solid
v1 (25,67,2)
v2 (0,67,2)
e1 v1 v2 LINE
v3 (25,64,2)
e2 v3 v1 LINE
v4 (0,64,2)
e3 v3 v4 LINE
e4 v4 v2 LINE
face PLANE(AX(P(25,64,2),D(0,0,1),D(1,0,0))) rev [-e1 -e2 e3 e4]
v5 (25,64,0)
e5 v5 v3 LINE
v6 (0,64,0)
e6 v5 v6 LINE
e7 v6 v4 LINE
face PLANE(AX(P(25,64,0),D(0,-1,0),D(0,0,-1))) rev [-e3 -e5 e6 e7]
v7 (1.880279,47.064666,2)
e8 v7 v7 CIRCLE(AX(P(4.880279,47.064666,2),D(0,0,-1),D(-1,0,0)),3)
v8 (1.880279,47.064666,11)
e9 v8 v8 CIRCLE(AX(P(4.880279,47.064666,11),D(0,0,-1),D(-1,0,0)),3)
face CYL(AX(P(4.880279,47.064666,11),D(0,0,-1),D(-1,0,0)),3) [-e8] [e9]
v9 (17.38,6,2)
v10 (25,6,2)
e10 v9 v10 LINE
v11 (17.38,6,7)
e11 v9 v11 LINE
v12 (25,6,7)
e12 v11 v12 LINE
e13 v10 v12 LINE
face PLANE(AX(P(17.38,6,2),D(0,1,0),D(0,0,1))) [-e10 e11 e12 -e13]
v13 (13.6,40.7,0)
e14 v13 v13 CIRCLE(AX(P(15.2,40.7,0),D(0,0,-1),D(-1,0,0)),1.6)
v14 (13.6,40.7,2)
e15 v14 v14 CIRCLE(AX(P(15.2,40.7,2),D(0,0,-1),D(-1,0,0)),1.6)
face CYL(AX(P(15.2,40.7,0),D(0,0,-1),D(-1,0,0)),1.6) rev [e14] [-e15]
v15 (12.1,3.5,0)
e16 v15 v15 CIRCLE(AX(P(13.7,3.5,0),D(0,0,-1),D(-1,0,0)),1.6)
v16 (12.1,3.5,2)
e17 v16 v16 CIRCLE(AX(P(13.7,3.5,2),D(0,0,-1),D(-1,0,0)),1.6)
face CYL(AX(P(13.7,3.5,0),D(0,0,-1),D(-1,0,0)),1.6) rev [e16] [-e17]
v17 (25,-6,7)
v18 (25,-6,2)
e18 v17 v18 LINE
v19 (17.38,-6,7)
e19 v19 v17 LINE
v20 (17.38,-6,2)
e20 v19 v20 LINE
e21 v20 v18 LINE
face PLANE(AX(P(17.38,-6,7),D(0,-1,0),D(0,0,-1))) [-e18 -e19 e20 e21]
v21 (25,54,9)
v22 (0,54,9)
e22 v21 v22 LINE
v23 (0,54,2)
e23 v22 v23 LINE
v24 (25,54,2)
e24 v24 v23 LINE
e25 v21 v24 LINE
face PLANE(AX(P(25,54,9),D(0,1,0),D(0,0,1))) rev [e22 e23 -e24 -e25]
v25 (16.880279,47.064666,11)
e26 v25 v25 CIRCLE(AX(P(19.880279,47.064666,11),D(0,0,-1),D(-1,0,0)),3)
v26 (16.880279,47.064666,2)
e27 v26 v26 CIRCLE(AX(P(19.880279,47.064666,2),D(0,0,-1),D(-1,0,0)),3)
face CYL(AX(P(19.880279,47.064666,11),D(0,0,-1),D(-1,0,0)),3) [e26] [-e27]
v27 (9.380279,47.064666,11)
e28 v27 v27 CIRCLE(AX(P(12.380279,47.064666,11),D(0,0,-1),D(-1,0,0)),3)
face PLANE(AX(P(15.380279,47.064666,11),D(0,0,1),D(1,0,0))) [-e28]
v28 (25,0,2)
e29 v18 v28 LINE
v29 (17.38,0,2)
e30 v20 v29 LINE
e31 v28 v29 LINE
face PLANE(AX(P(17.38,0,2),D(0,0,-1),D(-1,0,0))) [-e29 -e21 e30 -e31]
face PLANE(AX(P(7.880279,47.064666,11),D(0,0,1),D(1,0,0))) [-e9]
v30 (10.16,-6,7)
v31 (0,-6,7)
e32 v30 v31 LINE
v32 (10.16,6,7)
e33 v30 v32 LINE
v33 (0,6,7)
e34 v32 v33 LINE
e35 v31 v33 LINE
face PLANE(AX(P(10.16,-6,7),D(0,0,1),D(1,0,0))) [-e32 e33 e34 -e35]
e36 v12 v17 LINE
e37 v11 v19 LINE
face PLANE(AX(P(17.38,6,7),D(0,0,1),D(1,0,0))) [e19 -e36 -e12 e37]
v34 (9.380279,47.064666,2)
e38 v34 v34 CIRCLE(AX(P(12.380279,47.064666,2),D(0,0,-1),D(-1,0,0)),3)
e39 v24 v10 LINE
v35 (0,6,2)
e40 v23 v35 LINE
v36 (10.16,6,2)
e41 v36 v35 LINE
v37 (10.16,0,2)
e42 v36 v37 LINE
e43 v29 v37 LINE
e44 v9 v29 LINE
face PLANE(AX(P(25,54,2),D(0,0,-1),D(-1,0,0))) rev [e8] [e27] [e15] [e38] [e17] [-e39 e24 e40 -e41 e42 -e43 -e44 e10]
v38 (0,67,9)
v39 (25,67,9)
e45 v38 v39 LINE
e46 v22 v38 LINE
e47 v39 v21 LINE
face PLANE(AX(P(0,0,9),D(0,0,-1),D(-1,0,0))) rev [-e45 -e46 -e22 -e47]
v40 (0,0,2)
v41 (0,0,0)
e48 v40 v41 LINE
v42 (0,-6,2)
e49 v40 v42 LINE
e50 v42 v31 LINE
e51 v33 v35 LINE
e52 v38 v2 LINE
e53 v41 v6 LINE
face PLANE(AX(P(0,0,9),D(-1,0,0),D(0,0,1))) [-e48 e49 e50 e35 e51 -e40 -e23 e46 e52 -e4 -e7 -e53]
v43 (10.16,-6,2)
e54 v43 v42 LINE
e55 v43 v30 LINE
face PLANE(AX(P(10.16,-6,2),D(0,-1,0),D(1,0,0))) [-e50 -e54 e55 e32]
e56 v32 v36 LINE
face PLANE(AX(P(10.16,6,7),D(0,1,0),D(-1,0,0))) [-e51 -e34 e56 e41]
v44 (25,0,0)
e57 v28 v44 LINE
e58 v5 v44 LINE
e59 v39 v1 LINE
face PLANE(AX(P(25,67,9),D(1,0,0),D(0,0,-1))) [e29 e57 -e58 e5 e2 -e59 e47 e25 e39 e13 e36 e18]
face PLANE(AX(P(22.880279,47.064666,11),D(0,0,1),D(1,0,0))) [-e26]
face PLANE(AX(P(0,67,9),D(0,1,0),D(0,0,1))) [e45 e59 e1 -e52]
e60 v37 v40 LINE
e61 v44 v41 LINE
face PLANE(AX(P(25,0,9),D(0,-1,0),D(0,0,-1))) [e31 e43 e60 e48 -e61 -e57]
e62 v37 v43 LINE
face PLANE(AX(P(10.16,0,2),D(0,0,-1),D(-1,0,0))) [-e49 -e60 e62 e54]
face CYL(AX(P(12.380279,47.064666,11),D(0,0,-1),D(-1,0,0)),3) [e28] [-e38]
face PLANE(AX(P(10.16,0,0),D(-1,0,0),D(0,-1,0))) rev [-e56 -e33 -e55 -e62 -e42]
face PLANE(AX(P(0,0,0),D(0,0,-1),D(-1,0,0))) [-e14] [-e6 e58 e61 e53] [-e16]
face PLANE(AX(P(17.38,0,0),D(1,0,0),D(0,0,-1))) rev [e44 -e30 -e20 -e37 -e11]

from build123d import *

# Parameters (mm, degrees)
SKETCH1_W                      = 25
SKETCH1_H                      = 67
BOSS_EXTRUDE1_DEPTH            = 9
SKETCH2_W                      = 2
SKETCH2_H                      = 3
CUT_EXTRUDE1_DEPTH             = 73.076348409
SKETCH3_W                      = 7
SKETCH3_H                      = 54
CUT_EXTRUDE2_DEPTH             = 73.076348409
BOSS_EXTRUDE2_DEPTH            = 10.16
BOSS_EXTRUDE3_DEPTH            = 7.62
SKETCH6_W                      = 3
SKETCH6_H                      = 9
SKETCH7_W                      = 3
SKETCH7_H                      = 9
SKETCH8_W                      = 3
SKETCH8_H                      = 9
F_3_2_3_2_DIAMETER_HOLE1_D     = 3.2
F_3_2_3_2_DIAMETER_HOLE1_DEPTH = 11


with BuildPart() as part:
    # Sketch1 → Boss-Extrude1 (new body)
    with BuildSketch(Plane(origin=(0, 0, 0), x_dir=(-1, 0, 0), z_dir=(0, 0, -1))):
        with Locations((-12.5, 33.5)):
            Rectangle(SKETCH1_W, SKETCH1_H)
    extrude(amount=-BOSS_EXTRUDE1_DEPTH)

    # Sketch2 → Cut-Extrude1 (cut, through all)
    with BuildSketch(Plane.ZY):
        with Locations((1, 65.5)):
            Rectangle(SKETCH2_W, SKETCH2_H)
    extrude(amount=-CUT_EXTRUDE1_DEPTH, mode=Mode.SUBTRACT)

    # Sketch3 → Cut-Extrude2 (cut, through all)
    with BuildSketch(Plane.ZY):
        with Locations((5.5, 27)):
            Rectangle(SKETCH3_W, SKETCH3_H)
    extrude(amount=-CUT_EXTRUDE2_DEPTH, mode=Mode.SUBTRACT)

    # Sketch4 → Boss-Extrude2 (add)
    with BuildSketch(Plane(origin=(0, 0, 0), x_dir=(0, -1, 0), z_dir=(-1, 0, 0))):
        Polygon((-6, 2), (0, 2), (6, 2), (6, 7), (-6, 7), align=None)
    extrude(amount=-BOSS_EXTRUDE2_DEPTH)

    # Sketch5 → Boss-Extrude3 (add)
    with BuildSketch(Plane(origin=(25, 0, 0), x_dir=(0, 0, -1), z_dir=(1, 0, 0))):
        Polygon((-2, 0), (-2, 6), (-7, 6), (-7, -6), (-2, -6), align=None)
    extrude(amount=-BOSS_EXTRUDE3_DEPTH)

    # Sketch6 → Revolve1 (revolve)
    with BuildSketch(Plane.XZ.offset(-47.064665705), mode=Mode.PRIVATE) as revolve1_sk:
        with Locations((21.380279303, 6.5)):
            Rectangle(SKETCH6_W, SKETCH6_H)
    revolve(revolve1_sk.sketch.rotate(Axis((19.880279303, 47.064665705, 11), (0, 0, -1)), 180), axis=Axis((19.880279303, 47.064665705, 11), (0, 0, -1)))

    # Sketch7 → Revolve2 (revolve)
    with BuildSketch(Plane.XZ.offset(-47.064665705), mode=Mode.PRIVATE) as revolve2_sk:
        with Locations((13.880279303, 6.5)):
            Rectangle(SKETCH7_W, SKETCH7_H)
    revolve(revolve2_sk.sketch.rotate(Axis((12.380279303, 47.064665705, 11), (0, 0, -1)), 180), axis=Axis((12.380279303, 47.064665705, 11), (0, 0, -1)))

    # Sketch8 → Revolve3 (revolve)
    with BuildSketch(Plane.XZ.offset(-47.064665705), mode=Mode.PRIVATE) as revolve3_sk:
        with Locations((6.380279303, 6.5)):
            Rectangle(SKETCH8_W, SKETCH8_H)
    revolve(revolve3_sk.sketch.rotate(Axis((4.880279303, 47.064665705, 11), (0, 0, -1)), 180), axis=Axis((4.880279303, 47.064665705, 11), (0, 0, -1)))

    # Ø3.2 (3.2) Diameter Hole1
    with Locations(Plane(origin=(0, 0, 0), x_dir=(-1, 0, 0), z_dir=(0, 0, -1))):
        with Locations((-15.2, 40.7), (-13.7, 3.5)):
            Hole(F_3_2_3_2_DIAMETER_HOLE1_D / 2, depth=F_3_2_3_2_DIAMETER_HOLE1_DEPTH)


solid = part.part
